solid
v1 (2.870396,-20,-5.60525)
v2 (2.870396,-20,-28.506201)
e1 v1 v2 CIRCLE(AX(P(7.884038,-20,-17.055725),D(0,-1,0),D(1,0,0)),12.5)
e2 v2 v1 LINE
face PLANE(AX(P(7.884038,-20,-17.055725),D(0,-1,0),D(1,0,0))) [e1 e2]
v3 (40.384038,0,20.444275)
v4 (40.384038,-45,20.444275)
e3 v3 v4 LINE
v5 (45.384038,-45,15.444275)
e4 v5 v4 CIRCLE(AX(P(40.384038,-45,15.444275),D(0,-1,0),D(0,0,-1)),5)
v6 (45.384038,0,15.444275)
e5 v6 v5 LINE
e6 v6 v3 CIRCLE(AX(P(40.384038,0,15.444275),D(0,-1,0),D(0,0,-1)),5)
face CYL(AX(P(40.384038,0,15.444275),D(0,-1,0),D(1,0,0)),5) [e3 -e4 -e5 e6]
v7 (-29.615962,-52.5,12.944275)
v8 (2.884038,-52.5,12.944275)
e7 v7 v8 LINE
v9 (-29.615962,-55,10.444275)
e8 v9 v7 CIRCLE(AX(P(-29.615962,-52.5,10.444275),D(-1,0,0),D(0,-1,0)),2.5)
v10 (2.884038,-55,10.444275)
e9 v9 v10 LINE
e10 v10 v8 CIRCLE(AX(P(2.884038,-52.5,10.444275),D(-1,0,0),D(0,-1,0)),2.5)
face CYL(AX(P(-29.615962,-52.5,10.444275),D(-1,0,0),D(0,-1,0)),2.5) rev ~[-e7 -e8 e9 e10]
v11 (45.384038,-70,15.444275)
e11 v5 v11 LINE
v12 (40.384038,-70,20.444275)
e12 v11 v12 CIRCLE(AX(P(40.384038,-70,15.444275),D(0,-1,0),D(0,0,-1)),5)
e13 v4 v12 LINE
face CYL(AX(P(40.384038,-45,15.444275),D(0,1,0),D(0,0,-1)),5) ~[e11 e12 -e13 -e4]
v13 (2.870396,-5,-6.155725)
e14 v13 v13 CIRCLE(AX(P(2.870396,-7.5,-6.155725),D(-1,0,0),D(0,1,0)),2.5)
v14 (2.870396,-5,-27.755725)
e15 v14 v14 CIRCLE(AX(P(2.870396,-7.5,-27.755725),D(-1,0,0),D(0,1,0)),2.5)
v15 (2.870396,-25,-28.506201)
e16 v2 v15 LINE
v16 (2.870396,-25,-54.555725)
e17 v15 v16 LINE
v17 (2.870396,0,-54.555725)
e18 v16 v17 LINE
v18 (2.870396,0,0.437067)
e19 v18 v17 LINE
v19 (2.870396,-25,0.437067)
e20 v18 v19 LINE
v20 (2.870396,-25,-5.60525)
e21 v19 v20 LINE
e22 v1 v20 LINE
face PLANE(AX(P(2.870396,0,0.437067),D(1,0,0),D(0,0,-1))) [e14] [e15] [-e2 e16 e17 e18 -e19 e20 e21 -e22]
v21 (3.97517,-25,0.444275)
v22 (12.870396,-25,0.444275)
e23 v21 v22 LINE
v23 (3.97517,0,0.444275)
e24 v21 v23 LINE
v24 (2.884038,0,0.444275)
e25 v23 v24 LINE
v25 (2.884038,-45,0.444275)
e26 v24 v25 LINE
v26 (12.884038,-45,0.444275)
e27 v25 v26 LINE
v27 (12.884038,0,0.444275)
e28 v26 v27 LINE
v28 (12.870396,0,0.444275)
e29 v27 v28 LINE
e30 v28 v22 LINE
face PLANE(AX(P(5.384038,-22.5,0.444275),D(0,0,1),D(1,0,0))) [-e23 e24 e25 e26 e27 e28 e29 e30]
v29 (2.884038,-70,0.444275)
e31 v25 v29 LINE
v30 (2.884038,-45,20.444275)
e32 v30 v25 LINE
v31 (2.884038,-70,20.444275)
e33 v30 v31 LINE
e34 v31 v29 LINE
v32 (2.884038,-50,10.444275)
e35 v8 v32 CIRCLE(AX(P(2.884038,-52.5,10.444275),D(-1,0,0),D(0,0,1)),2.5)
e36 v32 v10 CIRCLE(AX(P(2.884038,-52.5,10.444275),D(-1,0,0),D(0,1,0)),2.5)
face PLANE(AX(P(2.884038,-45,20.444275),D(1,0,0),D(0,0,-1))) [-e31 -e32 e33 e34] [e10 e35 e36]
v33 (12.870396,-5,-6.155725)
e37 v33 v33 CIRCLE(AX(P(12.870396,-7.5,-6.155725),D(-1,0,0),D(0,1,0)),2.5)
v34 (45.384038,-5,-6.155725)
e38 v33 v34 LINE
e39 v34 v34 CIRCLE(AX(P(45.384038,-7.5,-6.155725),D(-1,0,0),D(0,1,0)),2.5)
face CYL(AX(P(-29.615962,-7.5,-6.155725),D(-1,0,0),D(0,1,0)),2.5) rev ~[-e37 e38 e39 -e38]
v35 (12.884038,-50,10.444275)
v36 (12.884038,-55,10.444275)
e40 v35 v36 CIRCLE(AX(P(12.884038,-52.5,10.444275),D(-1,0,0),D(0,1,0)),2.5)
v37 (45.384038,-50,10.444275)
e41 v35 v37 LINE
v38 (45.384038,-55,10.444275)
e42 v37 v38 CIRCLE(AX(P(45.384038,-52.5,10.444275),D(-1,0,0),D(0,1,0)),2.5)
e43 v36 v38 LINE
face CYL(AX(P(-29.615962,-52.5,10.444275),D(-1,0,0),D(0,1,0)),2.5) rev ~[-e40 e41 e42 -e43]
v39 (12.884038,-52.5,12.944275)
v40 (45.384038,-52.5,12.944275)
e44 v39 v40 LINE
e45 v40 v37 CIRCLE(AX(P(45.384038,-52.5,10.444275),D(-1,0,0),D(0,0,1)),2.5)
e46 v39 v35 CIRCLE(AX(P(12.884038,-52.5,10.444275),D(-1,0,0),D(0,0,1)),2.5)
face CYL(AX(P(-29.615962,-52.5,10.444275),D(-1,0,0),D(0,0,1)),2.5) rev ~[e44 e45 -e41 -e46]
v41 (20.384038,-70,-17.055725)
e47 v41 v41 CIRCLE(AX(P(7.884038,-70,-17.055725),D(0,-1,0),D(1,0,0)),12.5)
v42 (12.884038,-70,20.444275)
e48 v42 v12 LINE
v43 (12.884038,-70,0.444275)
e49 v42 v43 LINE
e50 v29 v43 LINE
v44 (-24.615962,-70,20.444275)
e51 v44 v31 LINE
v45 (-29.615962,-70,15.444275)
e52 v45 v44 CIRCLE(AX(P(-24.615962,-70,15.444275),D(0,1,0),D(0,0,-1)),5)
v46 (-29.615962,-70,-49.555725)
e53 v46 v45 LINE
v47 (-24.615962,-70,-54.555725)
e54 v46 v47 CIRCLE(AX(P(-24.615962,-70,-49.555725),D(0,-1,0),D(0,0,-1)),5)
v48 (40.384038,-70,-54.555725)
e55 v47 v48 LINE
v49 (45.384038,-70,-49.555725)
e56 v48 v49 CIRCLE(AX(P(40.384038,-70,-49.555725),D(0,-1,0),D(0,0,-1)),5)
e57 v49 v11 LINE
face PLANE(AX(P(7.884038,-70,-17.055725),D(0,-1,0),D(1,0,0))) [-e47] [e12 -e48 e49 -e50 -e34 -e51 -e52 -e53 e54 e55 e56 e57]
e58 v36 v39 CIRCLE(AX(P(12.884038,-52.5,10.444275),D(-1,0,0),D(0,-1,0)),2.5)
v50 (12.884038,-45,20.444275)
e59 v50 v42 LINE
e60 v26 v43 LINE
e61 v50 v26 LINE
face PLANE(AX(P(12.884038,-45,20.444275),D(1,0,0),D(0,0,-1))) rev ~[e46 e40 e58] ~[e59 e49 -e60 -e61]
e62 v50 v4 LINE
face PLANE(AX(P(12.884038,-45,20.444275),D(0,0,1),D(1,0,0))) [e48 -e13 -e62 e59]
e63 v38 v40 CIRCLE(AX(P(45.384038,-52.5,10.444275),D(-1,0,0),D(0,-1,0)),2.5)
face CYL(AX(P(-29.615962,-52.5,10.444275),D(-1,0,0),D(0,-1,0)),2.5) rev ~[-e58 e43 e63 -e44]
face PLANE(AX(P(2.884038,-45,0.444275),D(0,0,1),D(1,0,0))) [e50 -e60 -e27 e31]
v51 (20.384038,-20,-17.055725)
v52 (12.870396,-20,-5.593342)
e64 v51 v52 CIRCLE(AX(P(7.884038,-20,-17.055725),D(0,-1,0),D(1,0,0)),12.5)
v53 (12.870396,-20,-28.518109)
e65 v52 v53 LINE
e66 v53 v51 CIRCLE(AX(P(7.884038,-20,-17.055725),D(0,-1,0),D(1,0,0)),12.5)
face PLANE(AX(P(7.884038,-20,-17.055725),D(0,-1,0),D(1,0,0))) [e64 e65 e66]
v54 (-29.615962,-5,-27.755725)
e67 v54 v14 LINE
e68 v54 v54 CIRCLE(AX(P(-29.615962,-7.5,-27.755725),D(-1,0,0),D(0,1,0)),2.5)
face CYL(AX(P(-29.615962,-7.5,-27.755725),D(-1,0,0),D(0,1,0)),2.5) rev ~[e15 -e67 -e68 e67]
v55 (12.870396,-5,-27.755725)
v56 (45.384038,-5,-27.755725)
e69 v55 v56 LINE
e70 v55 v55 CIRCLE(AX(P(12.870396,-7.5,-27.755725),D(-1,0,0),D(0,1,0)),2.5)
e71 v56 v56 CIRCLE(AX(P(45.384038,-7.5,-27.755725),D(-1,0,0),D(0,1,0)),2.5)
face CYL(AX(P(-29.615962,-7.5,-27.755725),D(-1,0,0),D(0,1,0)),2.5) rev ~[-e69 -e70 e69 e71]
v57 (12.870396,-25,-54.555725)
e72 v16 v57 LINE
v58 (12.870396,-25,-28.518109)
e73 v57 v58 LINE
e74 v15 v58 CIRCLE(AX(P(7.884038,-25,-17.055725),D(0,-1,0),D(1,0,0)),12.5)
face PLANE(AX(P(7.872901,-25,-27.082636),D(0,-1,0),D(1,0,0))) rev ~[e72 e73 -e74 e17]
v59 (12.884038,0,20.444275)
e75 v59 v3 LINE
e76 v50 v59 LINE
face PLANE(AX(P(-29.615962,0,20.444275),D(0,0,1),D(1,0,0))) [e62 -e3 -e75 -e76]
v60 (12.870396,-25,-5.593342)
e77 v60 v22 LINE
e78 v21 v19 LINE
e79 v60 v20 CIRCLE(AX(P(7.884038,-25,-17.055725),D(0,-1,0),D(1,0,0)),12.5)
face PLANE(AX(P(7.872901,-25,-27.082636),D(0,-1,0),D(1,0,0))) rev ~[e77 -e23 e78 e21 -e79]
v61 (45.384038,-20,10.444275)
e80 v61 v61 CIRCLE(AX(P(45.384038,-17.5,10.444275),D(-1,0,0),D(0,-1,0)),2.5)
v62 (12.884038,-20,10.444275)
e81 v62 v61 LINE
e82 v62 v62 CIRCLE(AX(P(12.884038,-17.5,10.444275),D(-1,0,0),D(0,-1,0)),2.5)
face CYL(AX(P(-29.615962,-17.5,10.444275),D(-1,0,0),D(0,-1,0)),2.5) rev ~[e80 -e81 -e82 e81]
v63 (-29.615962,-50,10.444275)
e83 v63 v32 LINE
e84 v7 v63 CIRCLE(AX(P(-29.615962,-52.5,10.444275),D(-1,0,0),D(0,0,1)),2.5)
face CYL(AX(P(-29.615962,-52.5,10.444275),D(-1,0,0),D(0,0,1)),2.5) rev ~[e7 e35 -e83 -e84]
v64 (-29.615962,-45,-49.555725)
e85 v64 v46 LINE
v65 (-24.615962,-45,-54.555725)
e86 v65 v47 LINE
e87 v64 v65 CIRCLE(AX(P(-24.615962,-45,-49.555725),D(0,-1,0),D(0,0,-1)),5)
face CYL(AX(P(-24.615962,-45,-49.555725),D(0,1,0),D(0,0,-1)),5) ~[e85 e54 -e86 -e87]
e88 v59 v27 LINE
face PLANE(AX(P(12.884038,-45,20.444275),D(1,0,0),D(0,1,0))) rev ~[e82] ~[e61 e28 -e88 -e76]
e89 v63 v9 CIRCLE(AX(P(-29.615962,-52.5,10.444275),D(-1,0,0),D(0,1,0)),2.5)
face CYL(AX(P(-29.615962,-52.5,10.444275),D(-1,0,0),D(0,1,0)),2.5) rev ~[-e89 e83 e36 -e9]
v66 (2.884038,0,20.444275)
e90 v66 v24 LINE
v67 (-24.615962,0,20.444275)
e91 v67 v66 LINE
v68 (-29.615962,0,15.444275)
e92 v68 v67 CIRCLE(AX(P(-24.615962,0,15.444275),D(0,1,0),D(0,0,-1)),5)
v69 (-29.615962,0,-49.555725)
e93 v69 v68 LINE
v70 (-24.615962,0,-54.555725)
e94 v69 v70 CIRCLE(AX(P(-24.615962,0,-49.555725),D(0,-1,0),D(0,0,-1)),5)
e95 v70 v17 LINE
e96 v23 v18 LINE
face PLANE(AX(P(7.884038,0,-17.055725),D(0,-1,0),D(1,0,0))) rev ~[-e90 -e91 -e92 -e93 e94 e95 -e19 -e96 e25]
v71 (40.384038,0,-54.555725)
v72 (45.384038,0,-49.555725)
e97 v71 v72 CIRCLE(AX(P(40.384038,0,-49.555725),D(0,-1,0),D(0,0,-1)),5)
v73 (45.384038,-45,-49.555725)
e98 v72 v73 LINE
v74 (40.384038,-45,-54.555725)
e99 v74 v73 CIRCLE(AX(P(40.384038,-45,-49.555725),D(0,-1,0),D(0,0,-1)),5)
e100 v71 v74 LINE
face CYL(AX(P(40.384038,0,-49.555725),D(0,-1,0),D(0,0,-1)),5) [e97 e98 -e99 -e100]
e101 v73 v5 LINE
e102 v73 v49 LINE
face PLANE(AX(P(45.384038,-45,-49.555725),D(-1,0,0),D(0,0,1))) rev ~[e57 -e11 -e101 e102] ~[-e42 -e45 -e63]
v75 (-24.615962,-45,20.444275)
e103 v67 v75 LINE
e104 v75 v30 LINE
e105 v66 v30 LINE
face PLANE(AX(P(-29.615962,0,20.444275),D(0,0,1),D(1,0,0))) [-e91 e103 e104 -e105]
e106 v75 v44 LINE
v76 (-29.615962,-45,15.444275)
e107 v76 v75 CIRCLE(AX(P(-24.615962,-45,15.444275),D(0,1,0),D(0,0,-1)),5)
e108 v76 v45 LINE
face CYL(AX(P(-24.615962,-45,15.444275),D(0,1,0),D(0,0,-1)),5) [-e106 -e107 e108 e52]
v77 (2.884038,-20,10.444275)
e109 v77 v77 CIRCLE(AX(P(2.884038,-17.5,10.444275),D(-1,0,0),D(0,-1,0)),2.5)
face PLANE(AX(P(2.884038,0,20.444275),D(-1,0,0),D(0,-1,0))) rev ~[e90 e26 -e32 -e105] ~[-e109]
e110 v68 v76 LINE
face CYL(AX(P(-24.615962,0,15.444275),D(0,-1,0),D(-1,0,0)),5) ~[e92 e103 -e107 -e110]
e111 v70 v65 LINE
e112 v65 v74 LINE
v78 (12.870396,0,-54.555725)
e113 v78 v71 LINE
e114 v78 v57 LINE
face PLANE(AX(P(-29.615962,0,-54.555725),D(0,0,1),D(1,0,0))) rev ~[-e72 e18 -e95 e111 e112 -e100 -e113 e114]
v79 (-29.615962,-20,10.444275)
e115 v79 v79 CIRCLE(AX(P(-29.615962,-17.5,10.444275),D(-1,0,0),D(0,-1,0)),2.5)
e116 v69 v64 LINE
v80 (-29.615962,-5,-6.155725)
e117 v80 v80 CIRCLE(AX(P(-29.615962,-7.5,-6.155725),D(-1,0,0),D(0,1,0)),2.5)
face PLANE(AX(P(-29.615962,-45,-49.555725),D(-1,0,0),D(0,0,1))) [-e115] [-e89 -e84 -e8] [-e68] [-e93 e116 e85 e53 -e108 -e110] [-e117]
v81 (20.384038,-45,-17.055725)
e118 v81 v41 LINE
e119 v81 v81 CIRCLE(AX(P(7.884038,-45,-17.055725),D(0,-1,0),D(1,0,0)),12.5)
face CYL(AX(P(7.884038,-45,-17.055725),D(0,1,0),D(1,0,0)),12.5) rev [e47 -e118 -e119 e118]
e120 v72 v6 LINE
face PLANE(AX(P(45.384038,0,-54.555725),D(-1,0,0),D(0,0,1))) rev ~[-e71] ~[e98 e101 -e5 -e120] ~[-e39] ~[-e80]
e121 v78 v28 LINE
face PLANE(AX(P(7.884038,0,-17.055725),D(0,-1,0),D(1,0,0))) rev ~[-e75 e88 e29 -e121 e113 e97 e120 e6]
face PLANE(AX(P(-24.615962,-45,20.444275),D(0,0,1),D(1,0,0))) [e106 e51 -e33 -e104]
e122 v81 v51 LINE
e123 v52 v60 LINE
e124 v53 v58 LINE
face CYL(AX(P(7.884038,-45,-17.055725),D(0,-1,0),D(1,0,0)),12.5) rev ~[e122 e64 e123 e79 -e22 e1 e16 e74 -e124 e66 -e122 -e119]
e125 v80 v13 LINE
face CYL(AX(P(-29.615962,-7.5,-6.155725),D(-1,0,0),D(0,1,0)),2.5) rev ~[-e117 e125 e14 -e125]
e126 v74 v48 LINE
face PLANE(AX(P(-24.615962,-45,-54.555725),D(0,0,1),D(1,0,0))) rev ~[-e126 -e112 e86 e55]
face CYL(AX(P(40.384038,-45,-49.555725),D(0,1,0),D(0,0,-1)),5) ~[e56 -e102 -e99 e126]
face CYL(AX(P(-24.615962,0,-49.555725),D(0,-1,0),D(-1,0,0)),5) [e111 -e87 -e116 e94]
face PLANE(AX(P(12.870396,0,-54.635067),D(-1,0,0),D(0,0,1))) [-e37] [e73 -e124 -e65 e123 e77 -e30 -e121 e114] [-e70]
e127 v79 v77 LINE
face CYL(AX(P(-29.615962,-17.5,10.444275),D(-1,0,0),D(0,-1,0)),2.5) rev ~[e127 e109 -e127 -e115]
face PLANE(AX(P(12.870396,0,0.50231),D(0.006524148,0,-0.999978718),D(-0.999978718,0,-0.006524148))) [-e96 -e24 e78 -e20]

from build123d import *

# Parameters (mm, degrees)
F0_W      = 75
F0_H      = 75
F1_DEPTH  = 45
F2_R      = 5
F3_R      = 12.5
F4_DEPTH  = 25
F6_DEPTH  = 20
F8_DEPTH  = 25
F10_DEPTH = 75.001
F11_DEPTH = 25
F12_R     = 2.5
F13_DEPTH = 75.001


with BuildPart() as f1:
    # F0 (on Front) → F1 (new body)
    with BuildSketch(Plane.XZ):
        with Locations((7.8840382397, -17.0557253063)):
            Rectangle(F0_W, F0_H)
    extrude(amount=F1_DEPTH)

    # F2
    f2_edges = [f1.edges().sort_by_distance(p)[0] for p in [
        (-29.615962, -22.5, 20.444275),
        (-29.615962, -22.5, -54.555725),
        (45.384038, -22.5, -54.555725),
        (45.384038, -22.5, 20.444275),
    ]]
    fillet(f2_edges, radius=F2_R)

    # F3 (on face) → F4 (cut)
    with BuildSketch(Plane.XZ.offset(45)):
        with Locations((7.8840382397, -17.0557253063)):
            Circle(F3_R)
    extrude(amount=-F4_DEPTH, mode=Mode.SUBTRACT)

    # F5 (on face) → F6 (cut)
    with BuildSketch(Plane.XY.offset(20.4442746937)):
        Polygon((7.8840382397, -25), (7.8840382397, 0), (2.8840382397, 0), (2.8840382397, -45), (7.8840382397, -45), align=None)
        Polygon((12.8840382397, 0), (7.8840382397, 0), (7.8840382397, -25), (7.8840382397, -45), (12.8840382397, -45), align=None)
    extrude(amount=-F6_DEPTH, mode=Mode.SUBTRACT)

    # F7 (on face) → F8 (cut)
    with BuildSketch(Plane.XZ):
        Polygon((12.8703957796, 0.5023097037), (2.8703957796, 0.4370668321), (2.8703957796, -54.635066539), (12.8703957796, -54.635066539), align=None)
    extrude(amount=F8_DEPTH, mode=Mode.SUBTRACT)

    # F9 (on face) → F10 (cut, through all)
    with BuildSketch(Plane(origin=(-29.6159617603, 0, 0), x_dir=(0, -1, 0), z_dir=(-1, 0, 0))):
        with BuildLine():
            ThreePointArc((10, -27.7557253063), (7.5, -25.2557253063), (5, -27.7557253063))
            ThreePointArc((5, -27.7557253063), (7.5, -30.2557253063), (10, -27.7557253063))
        make_face()
        with BuildLine():
            ThreePointArc((10, -6.1557253063), (7.5, -3.6557253063), (5, -6.1557253063))
            ThreePointArc((5, -6.1557253063), (7.5, -8.6557253063), (10, -6.1557253063))
        make_face()
    extrude(amount=-F10_DEPTH, mode=Mode.SUBTRACT)

    # F11 (add): a face of the model
    f11_faces = [f1.faces().sort_by_distance(p)[0] for p in [
        (43.1695721457, -45, -52.3412592122),
    ]]
    extrude(f11_faces, amount=F11_DEPTH)

    # F12 (on face) → F13 (cut, through all)
    with BuildSketch(Plane(origin=(-29.6159617603, 0, 0), x_dir=(0, -1, 0), z_dir=(-1, 0, 0))):
        with BuildLine():
            ThreePointArc((55, 10.4442746937), (54.267766953, 12.2120416467), (52.5, 12.9442746937))
            Line((52.5, 12.9442746937), (52.5, 10.4442746937))
            Line((52.5, 10.4442746937), (50, 10.4442746937))
            ThreePointArc((50, 10.4442746937), (52.5, 7.9442746937), (55, 10.4442746937))
        make_face()
        with Locations((17.5, 10.4442746937)):
            Circle(F12_R)
        with BuildLine():
            Line((52.5, 10.4442746937), (52.5, 12.9442746937))
            ThreePointArc((52.5, 12.9442746937), (50.732233047, 12.2120416467), (50, 10.4442746937))
            Line((50, 10.4442746937), (52.5, 10.4442746937))
        make_face()
    extrude(amount=-F13_DEPTH, mode=Mode.SUBTRACT)


solid = f1.part
